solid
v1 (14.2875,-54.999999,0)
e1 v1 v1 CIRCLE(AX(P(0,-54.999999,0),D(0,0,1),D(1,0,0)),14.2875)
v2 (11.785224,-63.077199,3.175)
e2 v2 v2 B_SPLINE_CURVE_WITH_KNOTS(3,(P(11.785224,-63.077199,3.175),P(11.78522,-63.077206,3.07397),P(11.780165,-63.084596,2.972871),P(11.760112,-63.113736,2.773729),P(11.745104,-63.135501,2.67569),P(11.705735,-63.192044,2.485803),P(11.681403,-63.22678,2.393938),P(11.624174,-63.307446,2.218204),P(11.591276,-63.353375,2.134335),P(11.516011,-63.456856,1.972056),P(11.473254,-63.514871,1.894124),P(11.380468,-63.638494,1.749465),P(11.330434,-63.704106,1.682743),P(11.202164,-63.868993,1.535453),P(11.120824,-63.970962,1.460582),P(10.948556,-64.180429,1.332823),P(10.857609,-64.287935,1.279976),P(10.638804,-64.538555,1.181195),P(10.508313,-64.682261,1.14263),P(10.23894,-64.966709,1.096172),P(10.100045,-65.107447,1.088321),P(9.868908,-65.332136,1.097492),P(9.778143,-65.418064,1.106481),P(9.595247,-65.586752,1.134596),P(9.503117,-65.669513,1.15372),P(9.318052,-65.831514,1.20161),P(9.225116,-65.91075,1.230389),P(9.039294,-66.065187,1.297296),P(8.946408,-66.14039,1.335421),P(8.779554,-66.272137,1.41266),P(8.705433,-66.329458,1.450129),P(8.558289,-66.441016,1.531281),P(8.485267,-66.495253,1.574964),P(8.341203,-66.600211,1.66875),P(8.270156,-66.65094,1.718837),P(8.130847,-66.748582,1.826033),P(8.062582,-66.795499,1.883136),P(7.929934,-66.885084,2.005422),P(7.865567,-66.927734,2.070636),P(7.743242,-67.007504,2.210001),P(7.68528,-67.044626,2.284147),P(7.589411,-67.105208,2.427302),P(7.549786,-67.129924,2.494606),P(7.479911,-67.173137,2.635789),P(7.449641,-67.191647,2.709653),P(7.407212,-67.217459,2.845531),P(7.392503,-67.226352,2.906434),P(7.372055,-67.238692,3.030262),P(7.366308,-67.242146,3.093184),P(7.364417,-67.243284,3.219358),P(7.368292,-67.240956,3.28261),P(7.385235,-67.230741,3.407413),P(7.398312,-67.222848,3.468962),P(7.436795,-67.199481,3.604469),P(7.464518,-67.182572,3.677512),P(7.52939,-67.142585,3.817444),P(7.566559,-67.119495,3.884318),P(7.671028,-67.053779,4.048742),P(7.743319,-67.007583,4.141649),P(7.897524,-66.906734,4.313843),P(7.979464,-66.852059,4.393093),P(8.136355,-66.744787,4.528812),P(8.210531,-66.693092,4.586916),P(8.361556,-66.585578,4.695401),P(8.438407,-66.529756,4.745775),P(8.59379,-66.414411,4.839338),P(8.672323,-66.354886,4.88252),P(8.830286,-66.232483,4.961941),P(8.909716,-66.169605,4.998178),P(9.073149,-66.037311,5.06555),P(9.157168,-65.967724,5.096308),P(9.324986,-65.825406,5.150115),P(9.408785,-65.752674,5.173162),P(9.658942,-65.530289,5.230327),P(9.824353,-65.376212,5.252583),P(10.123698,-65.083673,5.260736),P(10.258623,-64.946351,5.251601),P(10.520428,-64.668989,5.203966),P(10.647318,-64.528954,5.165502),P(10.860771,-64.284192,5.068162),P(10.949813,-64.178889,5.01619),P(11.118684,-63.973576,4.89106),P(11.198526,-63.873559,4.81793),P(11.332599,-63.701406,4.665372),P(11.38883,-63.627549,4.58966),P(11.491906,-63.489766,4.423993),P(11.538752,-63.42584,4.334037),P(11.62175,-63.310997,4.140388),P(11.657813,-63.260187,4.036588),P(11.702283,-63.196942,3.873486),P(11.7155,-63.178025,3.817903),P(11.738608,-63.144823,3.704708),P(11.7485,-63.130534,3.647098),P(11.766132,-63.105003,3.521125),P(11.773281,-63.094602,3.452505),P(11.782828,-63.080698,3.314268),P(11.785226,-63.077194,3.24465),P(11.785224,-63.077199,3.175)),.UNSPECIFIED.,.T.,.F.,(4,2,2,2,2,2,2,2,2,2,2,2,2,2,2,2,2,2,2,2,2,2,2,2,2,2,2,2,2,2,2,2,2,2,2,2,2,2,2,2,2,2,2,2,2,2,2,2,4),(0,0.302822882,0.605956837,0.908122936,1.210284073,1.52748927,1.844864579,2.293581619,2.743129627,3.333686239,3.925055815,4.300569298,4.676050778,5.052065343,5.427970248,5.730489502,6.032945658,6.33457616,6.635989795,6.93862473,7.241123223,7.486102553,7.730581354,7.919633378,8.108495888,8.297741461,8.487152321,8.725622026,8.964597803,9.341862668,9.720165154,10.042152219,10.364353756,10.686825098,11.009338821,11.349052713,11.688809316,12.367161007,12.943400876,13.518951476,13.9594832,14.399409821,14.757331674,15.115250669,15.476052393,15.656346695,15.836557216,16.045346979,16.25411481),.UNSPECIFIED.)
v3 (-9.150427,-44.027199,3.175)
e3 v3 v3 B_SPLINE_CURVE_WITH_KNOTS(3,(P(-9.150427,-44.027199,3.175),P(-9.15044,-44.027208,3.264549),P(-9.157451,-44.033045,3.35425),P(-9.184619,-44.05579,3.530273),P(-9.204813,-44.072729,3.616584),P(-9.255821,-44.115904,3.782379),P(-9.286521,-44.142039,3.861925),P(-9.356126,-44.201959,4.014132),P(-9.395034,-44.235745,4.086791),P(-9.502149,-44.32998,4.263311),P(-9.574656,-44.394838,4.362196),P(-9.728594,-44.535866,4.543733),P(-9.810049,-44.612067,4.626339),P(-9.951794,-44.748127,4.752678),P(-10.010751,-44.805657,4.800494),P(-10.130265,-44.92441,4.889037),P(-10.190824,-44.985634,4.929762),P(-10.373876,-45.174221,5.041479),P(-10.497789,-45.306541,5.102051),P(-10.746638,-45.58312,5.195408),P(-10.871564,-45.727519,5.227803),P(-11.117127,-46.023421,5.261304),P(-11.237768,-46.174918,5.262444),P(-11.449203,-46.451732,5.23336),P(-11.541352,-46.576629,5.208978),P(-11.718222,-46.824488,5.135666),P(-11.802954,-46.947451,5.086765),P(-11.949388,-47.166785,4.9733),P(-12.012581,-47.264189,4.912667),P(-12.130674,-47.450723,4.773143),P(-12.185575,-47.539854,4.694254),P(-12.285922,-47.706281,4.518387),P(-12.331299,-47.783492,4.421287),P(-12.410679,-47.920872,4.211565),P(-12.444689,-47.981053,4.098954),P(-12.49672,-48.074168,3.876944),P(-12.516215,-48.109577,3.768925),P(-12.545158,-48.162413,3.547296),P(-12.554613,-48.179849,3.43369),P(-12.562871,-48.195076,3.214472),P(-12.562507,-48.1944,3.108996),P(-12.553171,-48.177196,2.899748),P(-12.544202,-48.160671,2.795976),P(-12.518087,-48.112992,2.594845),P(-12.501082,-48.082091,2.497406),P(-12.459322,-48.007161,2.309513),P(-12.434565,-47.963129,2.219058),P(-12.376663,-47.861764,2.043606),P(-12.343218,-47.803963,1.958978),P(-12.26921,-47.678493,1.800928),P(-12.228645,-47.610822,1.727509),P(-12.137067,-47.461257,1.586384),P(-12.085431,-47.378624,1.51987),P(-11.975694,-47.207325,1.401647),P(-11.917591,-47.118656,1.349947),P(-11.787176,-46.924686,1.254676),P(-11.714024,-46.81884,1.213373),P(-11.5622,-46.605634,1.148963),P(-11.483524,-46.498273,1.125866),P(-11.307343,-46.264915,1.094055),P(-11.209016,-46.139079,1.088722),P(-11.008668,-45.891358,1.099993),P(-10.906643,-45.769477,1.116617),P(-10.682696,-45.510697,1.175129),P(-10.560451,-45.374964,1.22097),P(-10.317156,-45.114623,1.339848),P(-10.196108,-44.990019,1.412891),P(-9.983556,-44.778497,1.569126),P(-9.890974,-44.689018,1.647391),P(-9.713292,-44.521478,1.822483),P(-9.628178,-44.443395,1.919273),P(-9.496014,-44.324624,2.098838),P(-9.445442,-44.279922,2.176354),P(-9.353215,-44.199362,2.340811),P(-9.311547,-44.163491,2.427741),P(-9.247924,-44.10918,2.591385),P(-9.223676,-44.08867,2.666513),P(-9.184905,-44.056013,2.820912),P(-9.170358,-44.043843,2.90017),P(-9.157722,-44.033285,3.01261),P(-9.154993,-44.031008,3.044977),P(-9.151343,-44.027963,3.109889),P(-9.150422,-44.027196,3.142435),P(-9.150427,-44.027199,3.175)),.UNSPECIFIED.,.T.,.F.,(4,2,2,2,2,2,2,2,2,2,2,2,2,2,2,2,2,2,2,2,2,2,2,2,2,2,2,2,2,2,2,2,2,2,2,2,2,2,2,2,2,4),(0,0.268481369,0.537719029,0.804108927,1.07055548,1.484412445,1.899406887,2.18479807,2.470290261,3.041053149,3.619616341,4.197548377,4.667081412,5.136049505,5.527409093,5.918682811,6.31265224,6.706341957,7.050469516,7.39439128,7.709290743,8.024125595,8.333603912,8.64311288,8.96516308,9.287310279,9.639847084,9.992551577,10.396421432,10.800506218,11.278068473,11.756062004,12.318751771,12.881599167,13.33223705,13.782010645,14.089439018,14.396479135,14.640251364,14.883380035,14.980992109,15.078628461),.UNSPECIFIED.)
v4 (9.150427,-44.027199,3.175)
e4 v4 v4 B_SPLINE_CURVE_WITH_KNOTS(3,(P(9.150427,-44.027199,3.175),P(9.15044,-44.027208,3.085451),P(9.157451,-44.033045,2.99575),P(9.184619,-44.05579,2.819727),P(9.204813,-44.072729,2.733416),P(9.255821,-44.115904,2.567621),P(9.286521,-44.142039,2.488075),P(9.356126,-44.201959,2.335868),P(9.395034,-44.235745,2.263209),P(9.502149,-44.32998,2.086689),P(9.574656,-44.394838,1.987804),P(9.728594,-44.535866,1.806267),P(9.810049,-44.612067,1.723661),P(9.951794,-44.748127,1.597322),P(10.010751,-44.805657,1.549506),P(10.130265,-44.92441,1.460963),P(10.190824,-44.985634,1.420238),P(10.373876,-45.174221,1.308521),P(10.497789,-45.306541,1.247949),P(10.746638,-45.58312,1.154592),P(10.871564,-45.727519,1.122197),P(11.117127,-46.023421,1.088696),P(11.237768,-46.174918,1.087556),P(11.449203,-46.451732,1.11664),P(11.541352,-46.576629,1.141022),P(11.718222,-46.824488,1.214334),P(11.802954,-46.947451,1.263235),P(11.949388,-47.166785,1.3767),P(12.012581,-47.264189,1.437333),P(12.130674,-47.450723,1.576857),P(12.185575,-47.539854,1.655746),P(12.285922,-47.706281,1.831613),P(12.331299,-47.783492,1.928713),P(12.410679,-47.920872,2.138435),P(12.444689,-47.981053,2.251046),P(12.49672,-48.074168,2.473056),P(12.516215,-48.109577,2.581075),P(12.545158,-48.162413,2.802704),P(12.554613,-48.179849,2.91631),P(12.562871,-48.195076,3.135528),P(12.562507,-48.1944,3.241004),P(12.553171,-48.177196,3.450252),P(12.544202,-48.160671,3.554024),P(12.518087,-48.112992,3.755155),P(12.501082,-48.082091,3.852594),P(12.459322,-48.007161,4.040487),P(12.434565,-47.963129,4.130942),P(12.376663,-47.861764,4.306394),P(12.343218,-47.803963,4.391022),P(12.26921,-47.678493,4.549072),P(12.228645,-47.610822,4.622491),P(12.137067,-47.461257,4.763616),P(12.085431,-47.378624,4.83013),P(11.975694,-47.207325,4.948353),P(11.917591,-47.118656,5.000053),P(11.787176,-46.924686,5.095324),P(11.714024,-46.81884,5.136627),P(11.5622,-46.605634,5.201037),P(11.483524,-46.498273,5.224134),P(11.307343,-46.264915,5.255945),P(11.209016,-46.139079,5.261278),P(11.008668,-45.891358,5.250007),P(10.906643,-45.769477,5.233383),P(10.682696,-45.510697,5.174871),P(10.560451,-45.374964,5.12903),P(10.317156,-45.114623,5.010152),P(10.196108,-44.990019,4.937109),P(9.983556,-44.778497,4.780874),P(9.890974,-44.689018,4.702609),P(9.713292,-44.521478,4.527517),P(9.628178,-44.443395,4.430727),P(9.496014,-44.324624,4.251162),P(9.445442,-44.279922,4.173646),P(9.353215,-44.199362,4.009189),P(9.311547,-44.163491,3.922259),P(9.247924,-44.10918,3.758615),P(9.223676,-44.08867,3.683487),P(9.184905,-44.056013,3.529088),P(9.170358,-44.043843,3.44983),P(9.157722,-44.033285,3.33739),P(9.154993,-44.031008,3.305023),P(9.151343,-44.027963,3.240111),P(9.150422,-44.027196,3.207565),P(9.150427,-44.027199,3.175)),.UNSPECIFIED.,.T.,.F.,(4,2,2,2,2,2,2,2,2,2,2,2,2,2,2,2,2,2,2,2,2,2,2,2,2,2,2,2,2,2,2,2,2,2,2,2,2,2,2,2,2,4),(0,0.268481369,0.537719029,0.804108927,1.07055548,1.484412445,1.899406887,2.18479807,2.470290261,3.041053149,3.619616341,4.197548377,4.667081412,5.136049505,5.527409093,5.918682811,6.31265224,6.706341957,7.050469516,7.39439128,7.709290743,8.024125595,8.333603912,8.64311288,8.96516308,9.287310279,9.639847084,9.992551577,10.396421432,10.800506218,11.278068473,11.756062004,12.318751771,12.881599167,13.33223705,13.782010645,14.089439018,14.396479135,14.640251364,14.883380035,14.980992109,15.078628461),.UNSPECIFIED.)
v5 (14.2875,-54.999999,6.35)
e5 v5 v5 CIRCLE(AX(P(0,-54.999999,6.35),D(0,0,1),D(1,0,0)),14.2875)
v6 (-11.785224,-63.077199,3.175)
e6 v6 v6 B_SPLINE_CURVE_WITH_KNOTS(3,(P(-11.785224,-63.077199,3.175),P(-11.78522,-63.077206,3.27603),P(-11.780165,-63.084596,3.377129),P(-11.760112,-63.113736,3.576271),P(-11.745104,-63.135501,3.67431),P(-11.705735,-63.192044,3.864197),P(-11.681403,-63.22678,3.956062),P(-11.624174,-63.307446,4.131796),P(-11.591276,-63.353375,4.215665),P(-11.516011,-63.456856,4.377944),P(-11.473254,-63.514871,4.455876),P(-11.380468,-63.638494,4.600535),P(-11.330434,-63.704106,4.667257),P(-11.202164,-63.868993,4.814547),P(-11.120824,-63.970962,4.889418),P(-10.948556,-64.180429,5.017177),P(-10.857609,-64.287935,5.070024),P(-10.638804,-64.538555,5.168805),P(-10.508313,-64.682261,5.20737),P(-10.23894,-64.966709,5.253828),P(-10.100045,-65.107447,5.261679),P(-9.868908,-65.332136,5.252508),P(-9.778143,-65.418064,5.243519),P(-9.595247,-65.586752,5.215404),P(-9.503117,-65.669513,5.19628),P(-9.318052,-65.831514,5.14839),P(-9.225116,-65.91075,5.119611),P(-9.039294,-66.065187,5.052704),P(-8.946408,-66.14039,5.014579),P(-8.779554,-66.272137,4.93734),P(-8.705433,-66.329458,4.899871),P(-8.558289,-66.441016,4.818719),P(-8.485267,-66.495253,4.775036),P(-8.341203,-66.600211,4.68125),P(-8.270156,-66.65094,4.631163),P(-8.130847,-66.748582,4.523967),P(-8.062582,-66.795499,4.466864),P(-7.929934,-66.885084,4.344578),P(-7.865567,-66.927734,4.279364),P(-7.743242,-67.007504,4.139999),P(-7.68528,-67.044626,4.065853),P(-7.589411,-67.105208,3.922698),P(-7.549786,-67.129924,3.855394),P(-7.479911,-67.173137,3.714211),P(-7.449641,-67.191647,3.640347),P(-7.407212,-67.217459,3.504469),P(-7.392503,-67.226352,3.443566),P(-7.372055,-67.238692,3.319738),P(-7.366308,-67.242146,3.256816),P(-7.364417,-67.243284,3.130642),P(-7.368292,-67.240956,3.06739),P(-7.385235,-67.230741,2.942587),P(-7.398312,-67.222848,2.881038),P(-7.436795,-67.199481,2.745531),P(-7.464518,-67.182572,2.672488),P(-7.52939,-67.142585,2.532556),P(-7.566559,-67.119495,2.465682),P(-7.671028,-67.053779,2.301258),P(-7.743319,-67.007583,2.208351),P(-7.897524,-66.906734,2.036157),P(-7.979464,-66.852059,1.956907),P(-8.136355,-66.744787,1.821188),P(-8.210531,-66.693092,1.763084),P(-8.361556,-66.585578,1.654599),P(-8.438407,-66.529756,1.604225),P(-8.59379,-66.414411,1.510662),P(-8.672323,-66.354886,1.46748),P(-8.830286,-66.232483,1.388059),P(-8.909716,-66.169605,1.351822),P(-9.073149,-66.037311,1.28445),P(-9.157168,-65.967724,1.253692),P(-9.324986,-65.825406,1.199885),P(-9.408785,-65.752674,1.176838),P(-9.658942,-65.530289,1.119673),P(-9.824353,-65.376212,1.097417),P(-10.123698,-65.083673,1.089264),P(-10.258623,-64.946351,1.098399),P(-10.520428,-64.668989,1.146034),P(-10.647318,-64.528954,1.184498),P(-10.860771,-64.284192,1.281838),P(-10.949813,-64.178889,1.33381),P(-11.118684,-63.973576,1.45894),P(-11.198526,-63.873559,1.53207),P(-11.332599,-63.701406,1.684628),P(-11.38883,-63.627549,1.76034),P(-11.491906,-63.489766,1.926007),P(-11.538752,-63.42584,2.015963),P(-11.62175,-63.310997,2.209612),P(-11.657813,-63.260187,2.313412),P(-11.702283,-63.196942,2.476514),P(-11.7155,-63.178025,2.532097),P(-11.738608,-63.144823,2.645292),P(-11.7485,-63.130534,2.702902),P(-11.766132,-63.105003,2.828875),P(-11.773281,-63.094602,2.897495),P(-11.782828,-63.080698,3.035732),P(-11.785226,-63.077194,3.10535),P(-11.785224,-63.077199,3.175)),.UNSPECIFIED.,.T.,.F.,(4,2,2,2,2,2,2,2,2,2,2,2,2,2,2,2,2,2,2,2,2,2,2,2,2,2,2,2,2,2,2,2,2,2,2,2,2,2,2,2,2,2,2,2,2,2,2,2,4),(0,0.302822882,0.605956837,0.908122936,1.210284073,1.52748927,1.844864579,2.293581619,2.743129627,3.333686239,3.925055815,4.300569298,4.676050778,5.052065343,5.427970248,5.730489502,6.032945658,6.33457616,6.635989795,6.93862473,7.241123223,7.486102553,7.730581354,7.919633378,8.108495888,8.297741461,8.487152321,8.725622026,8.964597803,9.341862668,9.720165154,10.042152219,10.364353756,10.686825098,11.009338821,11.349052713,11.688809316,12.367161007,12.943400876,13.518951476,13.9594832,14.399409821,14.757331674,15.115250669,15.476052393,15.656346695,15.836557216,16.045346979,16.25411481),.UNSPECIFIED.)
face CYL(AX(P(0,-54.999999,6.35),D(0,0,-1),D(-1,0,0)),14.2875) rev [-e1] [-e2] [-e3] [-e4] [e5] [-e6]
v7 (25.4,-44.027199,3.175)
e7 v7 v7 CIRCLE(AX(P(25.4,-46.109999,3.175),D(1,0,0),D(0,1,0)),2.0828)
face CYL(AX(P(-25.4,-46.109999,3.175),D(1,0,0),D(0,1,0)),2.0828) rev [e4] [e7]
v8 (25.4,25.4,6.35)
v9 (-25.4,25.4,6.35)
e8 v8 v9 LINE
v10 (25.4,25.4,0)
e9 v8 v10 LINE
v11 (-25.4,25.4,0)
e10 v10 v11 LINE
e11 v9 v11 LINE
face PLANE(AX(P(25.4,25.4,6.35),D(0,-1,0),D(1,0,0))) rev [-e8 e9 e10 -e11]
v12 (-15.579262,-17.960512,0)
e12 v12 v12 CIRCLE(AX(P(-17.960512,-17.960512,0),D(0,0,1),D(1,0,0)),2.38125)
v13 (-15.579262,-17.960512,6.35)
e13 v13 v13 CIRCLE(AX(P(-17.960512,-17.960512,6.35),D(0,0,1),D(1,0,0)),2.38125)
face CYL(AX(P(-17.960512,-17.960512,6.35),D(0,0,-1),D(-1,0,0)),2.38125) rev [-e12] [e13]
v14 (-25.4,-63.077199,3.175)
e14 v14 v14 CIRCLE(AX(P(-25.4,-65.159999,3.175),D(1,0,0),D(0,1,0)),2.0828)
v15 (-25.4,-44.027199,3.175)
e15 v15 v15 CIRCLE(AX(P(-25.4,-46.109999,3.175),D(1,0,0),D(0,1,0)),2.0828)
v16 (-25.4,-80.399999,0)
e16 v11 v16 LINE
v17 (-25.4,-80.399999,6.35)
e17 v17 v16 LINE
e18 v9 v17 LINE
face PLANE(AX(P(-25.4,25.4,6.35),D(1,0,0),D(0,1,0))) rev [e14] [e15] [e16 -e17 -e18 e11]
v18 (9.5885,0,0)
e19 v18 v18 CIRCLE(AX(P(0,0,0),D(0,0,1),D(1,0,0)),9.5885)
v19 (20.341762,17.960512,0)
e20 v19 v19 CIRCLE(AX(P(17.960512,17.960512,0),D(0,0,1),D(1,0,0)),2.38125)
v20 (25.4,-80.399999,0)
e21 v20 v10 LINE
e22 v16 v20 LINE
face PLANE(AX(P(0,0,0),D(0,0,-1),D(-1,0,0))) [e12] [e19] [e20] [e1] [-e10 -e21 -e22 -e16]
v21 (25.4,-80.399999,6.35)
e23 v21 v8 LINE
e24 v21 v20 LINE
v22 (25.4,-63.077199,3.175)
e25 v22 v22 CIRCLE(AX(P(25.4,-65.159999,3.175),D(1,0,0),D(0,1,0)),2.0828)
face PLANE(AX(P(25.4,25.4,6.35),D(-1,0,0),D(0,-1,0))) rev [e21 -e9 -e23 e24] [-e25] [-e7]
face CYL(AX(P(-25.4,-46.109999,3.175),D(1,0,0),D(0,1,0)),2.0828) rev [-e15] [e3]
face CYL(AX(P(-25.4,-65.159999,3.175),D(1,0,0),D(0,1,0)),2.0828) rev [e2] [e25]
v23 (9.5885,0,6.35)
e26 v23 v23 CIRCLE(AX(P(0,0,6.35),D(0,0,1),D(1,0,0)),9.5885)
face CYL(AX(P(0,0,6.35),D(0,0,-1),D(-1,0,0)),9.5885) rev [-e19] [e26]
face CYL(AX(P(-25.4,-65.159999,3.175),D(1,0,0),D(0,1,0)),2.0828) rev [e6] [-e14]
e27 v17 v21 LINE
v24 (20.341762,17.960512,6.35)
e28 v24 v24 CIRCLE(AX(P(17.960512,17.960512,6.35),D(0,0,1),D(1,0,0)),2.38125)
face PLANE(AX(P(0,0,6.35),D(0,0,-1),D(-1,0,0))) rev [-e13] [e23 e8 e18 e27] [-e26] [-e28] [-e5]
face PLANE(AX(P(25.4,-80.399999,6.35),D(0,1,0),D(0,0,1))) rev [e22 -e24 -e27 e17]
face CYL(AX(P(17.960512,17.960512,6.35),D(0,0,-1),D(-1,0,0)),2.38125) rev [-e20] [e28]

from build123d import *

# Parameters (mm, degrees)
SKETCH2_W           = 50.8
SKETCH2_H           = 105.799998966
SKETCH2_R           = 9.5885
SKETCH2_R_2         = 14.2875
SKETCH2_R_3         = 2.38125
BOSS_EXTRUDE1_DEPTH = 6.35
SKETCH6_R           = 2.0828
CUT_EXTRUDE1_DEPTH  = 51.8


with BuildPart() as part:
    # Sketch2 → Boss-Extrude1 (new body)
    with BuildSketch(Plane.XY):
        with Locations((0, -27.499999483)):
            Rectangle(SKETCH2_W, SKETCH2_H)
        Circle(SKETCH2_R, mode=Mode.SUBTRACT)
        with Locations((0, -54.999998966)):
            Circle(SKETCH2_R_2, mode=Mode.SUBTRACT)
        with Locations((-17.960512242, -17.960512242)):
            Circle(SKETCH2_R_3, mode=Mode.SUBTRACT)
        with Locations((17.960512242, 17.960512242)):
            Circle(SKETCH2_R_3, mode=Mode.SUBTRACT)
    extrude(amount=BOSS_EXTRUDE1_DEPTH)

    # Sketch6 → Cut-Extrude1 (cut, through all)
    with BuildSketch(Plane(origin=(25.4, 0, 0), x_dir=(0, 0, -1), z_dir=(1, 0, 0))):
        with Locations((-3.175, -65.159998966)):
            Circle(SKETCH6_R)
        with Locations((-3.175, -46.109998966)):
            Circle(SKETCH6_R)
    extrude(amount=-CUT_EXTRUDE1_DEPTH, mode=Mode.SUBTRACT)


solid = part.part
